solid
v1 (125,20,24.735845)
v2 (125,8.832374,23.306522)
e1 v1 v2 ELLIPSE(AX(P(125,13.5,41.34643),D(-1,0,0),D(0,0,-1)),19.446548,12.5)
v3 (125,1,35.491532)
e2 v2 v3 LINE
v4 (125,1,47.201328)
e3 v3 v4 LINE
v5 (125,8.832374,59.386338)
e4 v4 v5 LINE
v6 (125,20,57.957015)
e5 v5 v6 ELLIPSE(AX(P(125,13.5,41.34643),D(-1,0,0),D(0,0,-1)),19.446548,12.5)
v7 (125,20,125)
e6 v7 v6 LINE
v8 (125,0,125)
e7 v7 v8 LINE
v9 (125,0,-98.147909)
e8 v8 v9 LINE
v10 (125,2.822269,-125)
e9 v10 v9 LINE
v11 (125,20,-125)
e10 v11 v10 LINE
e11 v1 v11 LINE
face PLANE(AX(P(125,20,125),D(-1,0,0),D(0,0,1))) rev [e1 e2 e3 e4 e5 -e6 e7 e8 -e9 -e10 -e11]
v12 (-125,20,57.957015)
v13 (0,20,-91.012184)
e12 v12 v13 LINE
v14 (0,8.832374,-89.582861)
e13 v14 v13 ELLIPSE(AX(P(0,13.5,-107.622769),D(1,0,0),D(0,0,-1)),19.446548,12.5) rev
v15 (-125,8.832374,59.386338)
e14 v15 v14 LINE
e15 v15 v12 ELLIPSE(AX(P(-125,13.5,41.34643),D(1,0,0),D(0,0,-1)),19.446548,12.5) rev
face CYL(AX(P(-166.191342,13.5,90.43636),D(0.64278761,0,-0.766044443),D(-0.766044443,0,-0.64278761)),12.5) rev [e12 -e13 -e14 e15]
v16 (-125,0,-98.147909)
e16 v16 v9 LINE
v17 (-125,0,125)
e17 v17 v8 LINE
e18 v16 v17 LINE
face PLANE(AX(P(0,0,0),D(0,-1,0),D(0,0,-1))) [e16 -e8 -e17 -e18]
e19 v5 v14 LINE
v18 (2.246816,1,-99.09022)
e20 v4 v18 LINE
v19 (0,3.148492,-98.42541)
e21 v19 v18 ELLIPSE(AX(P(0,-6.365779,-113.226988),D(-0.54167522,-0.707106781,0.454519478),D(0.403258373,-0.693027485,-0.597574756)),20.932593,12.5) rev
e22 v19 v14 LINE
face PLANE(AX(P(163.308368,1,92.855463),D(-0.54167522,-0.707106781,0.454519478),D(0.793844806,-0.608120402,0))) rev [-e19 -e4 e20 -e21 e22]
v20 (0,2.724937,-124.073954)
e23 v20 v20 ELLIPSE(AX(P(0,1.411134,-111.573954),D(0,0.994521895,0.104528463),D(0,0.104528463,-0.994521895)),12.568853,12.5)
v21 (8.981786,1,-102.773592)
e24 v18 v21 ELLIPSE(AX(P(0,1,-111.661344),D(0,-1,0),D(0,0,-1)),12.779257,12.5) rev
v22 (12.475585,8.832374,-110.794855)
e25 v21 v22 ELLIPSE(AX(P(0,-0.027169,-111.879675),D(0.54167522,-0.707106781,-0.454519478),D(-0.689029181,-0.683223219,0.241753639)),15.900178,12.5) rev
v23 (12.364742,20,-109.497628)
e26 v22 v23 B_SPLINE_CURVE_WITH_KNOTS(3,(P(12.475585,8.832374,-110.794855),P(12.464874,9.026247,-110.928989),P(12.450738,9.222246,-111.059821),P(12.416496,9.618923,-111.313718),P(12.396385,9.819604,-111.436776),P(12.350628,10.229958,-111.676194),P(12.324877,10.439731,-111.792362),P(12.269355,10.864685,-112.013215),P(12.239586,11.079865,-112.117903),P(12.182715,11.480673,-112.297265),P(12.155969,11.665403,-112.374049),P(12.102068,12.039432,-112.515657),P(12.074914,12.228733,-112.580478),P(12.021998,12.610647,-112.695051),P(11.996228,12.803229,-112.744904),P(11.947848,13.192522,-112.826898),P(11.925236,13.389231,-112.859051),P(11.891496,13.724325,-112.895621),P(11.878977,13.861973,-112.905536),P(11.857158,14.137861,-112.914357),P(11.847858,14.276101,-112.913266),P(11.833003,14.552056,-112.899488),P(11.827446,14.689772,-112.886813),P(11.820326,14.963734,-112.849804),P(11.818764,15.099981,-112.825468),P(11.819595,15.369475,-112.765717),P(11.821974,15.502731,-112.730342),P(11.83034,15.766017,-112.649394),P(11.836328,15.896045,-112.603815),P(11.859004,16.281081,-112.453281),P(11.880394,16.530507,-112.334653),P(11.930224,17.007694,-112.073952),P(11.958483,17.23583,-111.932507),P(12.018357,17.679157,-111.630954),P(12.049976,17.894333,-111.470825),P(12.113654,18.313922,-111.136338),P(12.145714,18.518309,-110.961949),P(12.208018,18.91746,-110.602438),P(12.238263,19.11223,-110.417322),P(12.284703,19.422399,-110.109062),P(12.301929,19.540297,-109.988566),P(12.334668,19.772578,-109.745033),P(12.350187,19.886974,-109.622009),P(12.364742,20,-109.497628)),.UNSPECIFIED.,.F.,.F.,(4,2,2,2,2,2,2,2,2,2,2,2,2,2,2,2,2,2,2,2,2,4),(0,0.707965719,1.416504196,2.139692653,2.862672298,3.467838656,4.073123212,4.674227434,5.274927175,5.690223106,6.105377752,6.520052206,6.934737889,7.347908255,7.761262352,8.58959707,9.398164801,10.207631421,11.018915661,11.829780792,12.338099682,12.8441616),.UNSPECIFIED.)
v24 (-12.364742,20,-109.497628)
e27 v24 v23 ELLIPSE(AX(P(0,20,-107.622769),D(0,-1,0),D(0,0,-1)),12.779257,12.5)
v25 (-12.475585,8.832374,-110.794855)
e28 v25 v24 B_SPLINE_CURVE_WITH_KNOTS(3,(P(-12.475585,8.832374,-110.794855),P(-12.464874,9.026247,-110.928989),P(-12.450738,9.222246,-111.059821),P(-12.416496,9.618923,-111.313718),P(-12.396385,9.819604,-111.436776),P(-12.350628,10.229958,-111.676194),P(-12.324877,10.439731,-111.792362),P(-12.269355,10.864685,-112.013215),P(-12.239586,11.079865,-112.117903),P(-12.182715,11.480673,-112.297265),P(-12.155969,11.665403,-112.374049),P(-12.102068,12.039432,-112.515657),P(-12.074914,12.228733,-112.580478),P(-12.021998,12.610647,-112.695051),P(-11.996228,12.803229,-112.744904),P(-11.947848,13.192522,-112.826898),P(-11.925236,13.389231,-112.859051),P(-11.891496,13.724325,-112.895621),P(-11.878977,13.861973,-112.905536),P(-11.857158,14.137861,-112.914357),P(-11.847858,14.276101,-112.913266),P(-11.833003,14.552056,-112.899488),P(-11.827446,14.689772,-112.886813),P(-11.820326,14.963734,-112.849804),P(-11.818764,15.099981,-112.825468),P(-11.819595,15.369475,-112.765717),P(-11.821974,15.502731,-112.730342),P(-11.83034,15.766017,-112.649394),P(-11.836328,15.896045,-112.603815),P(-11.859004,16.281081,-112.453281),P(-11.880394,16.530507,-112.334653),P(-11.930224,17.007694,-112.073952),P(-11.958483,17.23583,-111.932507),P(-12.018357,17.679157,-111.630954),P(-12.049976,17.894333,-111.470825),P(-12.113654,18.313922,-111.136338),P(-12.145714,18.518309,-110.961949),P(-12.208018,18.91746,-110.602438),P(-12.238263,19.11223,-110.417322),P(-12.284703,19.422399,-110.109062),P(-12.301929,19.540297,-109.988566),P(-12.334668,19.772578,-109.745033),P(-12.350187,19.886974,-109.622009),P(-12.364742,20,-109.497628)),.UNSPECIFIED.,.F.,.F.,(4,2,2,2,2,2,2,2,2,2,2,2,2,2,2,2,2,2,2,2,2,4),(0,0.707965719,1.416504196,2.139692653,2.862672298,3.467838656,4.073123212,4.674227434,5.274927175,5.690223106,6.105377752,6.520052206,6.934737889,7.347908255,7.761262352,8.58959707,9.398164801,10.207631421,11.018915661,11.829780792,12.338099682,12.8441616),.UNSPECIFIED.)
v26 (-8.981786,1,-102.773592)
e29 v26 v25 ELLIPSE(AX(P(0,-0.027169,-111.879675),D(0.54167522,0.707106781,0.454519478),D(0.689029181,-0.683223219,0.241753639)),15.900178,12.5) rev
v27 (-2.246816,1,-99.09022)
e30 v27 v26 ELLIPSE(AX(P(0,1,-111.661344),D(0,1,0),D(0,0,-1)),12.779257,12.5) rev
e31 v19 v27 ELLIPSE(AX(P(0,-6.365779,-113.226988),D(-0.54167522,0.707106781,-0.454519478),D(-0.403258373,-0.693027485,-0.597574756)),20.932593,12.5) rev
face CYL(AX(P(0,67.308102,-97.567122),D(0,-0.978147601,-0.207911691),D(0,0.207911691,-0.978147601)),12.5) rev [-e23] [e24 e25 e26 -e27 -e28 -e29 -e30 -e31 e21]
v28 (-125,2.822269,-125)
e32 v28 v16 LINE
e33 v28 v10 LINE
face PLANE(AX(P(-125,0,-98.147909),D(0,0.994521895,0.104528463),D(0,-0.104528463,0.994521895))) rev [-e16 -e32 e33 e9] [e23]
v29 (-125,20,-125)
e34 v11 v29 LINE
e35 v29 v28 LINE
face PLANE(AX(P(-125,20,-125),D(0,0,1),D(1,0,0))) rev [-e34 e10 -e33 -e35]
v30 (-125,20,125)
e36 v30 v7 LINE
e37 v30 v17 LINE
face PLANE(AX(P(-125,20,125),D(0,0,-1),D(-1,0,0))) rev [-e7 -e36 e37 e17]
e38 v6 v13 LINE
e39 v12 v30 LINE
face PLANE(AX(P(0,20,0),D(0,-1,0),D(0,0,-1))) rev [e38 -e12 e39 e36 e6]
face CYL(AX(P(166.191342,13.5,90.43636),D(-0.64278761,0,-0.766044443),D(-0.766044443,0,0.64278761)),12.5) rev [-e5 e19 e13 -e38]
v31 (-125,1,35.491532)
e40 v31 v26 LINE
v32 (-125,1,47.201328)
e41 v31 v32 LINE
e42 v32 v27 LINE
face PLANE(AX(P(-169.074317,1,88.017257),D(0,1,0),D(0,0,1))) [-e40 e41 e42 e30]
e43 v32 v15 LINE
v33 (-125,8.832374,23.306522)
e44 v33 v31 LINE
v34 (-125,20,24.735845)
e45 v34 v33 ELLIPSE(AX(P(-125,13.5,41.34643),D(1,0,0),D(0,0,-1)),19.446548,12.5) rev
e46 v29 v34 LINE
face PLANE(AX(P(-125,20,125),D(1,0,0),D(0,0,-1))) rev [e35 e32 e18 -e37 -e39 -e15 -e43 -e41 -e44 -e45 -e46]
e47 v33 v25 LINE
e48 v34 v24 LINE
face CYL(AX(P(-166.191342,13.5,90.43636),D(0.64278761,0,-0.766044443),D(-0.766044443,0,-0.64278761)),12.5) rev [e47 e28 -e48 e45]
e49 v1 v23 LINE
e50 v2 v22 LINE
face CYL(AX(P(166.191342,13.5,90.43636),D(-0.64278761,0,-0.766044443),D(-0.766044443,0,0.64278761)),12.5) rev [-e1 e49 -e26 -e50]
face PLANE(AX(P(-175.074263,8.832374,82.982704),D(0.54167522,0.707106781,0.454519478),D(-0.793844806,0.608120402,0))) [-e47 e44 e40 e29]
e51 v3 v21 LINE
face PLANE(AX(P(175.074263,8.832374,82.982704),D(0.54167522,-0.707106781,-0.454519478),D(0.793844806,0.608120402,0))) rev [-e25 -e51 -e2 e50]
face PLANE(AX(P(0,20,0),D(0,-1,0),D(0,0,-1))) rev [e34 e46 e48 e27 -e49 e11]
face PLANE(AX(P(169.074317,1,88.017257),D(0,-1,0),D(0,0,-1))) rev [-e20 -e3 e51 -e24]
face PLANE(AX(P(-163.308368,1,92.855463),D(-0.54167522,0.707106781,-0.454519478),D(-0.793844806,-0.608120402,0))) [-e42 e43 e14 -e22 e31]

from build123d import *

# Parameters (mm, degrees)
SKETCH1_W               = 250
SKETCH1_H               = 250
BOSS_EXTRUDE1_DEPTH     = 20
CUT_EXTRUDE1_DEPTH      = 281.223125384
CUT_EXTRUDE2_DEPTH      = 184.527379594
CUT_EXTRUDE2_DEPTH_BACK = 184.527379594
SKETCH3_R               = 12.5
CUT_EXTRUDE3_DEPTH      = 261.116460281
CUT_EXTRUDE5_DEPTH      = 261.116460289


with BuildPart() as part:
    # Sketch1 → Boss-Extrude1 (new body)
    with BuildSketch(Plane(origin=(0, 0, 0), x_dir=(1, 0, 0), z_dir=(0, 1, 0))):
        Rectangle(SKETCH1_W, SKETCH1_H)
    extrude(amount=BOSS_EXTRUDE1_DEPTH)

    # Sketch2 → Cut-Extrude1 (cut, through all)
    with BuildSketch(Plane(origin=(125, 0, 0), x_dir=(0, 0, -1), z_dir=(1, 0, 0))):
        Polygon((125, 2.822268508), (125, 0), (98.147908825, 0), align=None)
    extrude(amount=-CUT_EXTRUDE1_DEPTH, mode=Mode.SUBTRACT)

    # Sketch3 → Cut-Extrude2 (cut, two sides: drawn at the far end of the back side and taken through both)
    with BuildSketch(Plane(origin=(0, -20.175156681, -3.23125924), x_dir=(1, 0, 0), z_dir=(0, -0.9781476007338071, -0.20791169081775307)).offset(-CUT_EXTRUDE2_DEPTH_BACK)):
        with Locations((0, -110.463189586)):
            Circle(SKETCH3_R)
    extrude(amount=CUT_EXTRUDE2_DEPTH + CUT_EXTRUDE2_DEPTH_BACK, mode=Mode.SUBTRACT)

    # Sketch4 → Cut-Extrude3 (cut, through all)
    with BuildSketch(Plane(origin=(56.770360605, 0, -59.986780379), x_dir=(0.7660444431189859, 0, 0.6427876096865301), z_dir=(-0.6427876096865301, 0, 0.7660444431189859))):
        with BuildLine():
            Line((-84.785520804, 20), (-63.4313643, 20))
            ThreePointArc((-63.4313643, 20), (-61.650530379, 14.524902088), (-62.512612953, 8.832373631))
            Line((-62.512612953, 8.832373631), (-70.344986584, 1))
            Line((-70.344986584, 1), (-77.871898519, 1))
            Line((-77.871898519, 1), (-85.704272151, 8.832373631))
            ThreePointArc((-85.704272151, 8.832373631), (-86.566354725, 14.524902088), (-84.785520804, 20))
        make_face()
    extrude(amount=CUT_EXTRUDE3_DEPTH, mode=Mode.SUBTRACT)

    # Sketch9 → Cut-Extrude5 (cut, through all)
    with BuildSketch(Plane(origin=(-56.770360605, 0, -59.986780379), x_dir=(-0.766044443118977, 0, 0.6427876096865405), z_dir=(-0.6427876096865405, 0, -0.766044443118977))):
        with BuildLine():
            Line((-63.4313643, 20), (-84.785520804, 20))
            ThreePointArc((-84.785520804, 20), (-86.566354725, 14.524902088), (-85.704272151, 8.832373631))
            Line((-85.704272151, 8.832373631), (-77.871898519, 1))
            Line((-77.871898519, 1), (-70.344986584, 1))
            Line((-70.344986584, 1), (-62.512612953, 8.832373631))
            ThreePointArc((-62.512612953, 8.832373631), (-61.650530379, 14.524902088), (-63.4313643, 20))
        make_face()
    extrude(amount=-CUT_EXTRUDE5_DEPTH, mode=Mode.SUBTRACT)


solid = part.part
